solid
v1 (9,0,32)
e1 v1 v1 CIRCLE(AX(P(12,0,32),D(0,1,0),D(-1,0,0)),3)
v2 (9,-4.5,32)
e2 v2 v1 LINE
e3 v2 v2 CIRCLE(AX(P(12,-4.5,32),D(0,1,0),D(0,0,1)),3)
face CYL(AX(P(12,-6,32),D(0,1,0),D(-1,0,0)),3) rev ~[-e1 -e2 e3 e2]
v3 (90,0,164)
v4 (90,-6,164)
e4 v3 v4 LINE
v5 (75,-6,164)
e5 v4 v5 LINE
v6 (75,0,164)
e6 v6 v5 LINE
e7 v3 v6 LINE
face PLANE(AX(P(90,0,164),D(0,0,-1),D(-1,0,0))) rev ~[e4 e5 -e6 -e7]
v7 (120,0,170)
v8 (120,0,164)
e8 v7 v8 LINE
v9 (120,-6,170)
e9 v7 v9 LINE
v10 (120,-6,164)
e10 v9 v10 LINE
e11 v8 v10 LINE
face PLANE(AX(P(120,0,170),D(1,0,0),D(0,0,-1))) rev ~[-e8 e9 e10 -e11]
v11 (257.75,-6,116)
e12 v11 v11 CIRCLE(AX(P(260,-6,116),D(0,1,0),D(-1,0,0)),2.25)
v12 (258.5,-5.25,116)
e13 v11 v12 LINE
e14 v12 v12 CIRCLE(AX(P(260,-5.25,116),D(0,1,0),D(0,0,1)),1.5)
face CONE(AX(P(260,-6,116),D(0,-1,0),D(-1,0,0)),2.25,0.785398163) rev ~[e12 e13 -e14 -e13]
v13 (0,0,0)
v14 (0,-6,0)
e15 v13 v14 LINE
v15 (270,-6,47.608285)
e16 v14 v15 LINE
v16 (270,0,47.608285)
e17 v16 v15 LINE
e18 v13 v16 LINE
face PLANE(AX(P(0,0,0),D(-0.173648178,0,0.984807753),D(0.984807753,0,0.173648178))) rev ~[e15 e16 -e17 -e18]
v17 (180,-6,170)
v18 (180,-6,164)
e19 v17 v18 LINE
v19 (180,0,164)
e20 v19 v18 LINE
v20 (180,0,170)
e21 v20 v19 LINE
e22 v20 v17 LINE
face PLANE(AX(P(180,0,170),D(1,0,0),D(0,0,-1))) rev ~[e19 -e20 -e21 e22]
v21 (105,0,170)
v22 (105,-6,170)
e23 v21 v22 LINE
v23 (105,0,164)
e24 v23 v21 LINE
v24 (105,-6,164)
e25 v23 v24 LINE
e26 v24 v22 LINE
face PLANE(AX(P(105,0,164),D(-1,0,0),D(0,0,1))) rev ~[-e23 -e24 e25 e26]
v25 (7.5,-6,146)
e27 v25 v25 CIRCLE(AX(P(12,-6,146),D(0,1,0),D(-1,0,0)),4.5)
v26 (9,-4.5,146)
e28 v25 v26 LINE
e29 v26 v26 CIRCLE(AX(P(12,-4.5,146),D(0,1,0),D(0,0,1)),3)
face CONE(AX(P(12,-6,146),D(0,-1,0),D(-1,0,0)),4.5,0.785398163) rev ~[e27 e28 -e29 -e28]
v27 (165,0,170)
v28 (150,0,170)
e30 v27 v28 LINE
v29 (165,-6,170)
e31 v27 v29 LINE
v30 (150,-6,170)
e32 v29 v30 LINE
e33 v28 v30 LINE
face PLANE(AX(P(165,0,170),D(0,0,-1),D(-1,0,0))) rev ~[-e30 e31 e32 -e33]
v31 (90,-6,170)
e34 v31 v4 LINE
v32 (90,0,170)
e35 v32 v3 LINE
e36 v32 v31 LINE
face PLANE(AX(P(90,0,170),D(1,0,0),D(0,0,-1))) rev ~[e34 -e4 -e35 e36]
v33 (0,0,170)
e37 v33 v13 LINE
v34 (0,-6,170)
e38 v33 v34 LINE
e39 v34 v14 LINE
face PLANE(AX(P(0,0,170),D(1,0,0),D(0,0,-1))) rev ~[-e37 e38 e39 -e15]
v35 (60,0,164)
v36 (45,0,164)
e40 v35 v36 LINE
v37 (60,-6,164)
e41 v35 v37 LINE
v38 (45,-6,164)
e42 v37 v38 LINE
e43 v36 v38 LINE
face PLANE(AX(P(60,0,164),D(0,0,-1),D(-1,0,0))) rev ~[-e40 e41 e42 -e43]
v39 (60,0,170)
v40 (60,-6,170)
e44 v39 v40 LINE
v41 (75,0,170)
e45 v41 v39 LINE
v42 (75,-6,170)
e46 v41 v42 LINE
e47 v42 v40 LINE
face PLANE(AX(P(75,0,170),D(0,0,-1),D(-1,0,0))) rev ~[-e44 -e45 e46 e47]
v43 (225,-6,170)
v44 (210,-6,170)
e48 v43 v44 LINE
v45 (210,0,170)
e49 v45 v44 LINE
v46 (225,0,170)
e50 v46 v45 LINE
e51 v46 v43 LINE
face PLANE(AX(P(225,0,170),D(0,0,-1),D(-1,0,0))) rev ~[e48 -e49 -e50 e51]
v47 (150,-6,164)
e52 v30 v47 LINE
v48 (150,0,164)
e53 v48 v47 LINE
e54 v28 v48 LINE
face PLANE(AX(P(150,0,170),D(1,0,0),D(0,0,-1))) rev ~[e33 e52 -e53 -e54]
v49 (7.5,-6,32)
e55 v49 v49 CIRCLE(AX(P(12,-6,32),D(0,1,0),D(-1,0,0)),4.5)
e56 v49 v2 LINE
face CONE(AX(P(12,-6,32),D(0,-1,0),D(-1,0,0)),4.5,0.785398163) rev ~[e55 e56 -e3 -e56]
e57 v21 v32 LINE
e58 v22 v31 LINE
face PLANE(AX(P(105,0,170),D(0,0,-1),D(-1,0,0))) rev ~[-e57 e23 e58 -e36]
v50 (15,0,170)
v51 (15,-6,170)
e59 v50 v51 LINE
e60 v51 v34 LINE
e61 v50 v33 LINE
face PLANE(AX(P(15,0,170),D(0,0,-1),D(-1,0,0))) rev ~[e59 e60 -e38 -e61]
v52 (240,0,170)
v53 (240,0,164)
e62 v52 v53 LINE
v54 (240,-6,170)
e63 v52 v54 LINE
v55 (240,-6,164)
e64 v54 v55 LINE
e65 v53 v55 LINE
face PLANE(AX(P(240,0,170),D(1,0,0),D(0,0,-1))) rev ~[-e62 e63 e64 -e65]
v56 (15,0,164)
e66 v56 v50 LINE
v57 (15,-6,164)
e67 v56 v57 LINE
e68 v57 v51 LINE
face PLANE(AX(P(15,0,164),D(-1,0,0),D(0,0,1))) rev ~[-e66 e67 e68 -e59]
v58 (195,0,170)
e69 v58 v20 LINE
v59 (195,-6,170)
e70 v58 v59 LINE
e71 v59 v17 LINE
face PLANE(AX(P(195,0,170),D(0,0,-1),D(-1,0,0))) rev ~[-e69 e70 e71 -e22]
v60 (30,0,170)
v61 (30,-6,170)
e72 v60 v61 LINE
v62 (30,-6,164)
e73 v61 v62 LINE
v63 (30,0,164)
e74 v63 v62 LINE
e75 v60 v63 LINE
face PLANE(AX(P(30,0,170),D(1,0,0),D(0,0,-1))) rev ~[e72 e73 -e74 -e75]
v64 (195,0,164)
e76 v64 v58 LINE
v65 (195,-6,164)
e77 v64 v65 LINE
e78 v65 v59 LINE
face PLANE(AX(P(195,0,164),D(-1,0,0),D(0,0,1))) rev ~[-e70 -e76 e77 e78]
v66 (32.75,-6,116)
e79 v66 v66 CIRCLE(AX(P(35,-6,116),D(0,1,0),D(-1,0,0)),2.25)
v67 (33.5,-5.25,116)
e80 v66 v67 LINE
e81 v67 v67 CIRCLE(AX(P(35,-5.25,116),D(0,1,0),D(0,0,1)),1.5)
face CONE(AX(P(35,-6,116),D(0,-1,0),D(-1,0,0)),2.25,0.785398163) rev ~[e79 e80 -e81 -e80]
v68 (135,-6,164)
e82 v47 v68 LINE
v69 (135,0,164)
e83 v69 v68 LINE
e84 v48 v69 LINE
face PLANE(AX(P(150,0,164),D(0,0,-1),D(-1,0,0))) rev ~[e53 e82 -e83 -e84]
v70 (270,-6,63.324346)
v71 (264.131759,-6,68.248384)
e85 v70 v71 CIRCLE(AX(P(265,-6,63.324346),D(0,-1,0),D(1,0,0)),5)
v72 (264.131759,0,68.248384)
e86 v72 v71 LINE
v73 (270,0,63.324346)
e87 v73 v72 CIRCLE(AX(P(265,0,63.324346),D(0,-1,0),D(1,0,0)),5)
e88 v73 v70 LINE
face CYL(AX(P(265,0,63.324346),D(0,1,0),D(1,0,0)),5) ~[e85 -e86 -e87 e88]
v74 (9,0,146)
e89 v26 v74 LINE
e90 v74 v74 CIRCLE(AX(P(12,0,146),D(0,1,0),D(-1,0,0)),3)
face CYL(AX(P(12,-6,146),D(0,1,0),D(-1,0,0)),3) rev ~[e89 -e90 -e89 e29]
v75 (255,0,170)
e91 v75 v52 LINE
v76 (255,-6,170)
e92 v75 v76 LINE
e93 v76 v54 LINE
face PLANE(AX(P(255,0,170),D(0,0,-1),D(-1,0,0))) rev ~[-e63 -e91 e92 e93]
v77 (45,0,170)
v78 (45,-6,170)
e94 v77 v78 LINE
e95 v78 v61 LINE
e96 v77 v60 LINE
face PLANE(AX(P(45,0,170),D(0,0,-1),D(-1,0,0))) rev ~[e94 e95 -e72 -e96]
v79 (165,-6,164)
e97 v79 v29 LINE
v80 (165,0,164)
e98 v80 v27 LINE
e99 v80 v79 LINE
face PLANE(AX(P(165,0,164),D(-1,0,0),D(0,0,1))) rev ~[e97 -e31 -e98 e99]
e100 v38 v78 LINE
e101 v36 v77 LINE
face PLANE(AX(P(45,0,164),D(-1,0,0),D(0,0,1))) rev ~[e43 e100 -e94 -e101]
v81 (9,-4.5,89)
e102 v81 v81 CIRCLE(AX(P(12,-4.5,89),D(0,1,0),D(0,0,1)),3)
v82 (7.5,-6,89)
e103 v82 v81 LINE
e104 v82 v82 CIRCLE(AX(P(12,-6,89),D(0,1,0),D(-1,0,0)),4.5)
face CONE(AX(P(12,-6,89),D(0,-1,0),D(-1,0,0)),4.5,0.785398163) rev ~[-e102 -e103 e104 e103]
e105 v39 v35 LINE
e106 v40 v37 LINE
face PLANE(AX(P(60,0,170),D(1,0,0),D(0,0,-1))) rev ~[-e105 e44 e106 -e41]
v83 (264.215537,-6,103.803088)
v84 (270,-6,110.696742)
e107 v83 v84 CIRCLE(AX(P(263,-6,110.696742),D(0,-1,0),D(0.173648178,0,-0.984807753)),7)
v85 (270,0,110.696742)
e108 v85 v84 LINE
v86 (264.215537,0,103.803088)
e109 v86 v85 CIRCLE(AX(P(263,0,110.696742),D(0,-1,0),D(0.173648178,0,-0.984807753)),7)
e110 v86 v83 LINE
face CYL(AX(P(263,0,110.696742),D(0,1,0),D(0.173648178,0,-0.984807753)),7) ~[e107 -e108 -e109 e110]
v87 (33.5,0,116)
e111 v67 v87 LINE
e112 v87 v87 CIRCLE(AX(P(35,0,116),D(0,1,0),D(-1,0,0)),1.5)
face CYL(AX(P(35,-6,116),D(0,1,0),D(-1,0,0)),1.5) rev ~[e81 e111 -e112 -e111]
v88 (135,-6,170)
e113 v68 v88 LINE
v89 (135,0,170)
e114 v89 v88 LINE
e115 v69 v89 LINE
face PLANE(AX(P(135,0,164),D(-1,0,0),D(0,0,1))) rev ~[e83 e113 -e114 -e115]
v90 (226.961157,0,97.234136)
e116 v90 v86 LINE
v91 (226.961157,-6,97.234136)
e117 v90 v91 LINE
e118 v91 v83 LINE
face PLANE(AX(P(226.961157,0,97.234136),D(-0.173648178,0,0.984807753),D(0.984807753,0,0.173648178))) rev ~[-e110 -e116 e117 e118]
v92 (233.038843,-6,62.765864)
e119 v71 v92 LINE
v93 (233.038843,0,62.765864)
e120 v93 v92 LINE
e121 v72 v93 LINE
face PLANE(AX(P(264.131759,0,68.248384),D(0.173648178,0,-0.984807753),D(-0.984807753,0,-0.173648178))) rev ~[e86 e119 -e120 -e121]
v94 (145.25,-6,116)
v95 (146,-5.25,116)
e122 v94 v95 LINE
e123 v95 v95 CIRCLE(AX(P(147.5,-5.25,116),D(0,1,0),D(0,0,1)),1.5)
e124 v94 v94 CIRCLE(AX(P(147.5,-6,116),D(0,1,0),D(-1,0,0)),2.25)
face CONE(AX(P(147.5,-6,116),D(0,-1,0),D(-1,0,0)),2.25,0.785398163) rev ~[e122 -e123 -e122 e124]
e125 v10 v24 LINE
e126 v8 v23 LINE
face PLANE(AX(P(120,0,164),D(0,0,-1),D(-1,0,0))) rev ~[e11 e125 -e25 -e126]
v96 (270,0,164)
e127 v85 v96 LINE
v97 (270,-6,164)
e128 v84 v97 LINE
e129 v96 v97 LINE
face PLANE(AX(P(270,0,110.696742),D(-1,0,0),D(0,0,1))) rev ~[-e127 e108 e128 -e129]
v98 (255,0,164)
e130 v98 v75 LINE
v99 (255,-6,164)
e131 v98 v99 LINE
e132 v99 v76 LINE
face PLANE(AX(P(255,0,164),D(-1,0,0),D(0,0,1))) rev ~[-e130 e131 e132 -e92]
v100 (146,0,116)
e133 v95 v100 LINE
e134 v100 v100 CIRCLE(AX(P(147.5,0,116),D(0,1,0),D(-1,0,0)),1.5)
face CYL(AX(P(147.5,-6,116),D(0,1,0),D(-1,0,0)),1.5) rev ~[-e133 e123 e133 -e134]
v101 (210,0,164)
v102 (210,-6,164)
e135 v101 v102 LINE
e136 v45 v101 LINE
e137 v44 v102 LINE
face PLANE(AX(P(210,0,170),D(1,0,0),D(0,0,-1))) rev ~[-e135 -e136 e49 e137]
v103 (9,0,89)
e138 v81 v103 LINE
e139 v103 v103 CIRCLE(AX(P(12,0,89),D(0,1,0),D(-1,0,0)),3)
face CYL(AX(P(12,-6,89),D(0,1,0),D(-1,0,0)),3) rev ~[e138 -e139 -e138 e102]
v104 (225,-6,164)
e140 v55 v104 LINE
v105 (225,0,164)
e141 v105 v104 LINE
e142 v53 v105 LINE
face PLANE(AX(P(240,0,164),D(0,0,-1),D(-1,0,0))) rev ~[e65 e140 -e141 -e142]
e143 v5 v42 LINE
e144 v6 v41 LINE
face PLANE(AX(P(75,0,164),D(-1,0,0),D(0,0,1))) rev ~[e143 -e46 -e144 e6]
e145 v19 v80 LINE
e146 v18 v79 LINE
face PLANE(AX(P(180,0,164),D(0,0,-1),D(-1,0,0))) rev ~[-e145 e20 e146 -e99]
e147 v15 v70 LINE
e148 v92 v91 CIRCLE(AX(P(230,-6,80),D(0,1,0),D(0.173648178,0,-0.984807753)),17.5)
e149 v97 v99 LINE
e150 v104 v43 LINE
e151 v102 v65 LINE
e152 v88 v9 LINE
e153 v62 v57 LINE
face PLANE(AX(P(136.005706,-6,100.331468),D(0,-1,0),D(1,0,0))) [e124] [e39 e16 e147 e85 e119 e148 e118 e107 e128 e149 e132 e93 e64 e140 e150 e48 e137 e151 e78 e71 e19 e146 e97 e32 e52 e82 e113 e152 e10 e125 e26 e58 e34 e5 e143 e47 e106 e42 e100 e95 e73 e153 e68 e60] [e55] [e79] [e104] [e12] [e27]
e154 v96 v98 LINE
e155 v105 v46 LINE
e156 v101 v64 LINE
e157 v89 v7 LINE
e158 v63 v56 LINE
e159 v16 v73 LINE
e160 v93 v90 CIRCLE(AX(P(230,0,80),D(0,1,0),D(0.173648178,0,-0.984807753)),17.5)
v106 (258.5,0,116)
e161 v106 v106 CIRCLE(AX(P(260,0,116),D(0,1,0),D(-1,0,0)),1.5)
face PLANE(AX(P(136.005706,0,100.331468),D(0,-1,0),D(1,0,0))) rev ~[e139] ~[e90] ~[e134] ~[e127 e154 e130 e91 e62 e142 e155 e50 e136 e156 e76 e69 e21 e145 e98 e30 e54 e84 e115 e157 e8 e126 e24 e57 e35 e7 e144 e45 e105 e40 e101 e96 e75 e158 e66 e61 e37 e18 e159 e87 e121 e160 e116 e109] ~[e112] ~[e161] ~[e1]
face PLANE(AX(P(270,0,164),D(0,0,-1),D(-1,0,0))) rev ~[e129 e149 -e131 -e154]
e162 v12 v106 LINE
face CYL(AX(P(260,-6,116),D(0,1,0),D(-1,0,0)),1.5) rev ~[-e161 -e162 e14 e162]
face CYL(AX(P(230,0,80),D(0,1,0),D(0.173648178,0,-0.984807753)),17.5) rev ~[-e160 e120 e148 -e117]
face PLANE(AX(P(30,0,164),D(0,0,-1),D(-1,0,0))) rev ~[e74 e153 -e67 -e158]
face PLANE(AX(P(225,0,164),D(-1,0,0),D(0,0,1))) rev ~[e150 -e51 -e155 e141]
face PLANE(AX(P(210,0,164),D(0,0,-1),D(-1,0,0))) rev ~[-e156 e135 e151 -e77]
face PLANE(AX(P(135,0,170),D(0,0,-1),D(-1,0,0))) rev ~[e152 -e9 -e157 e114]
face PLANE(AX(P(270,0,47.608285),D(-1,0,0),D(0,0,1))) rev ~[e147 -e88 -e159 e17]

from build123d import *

# Parameters (mm, degrees)
F1_DEPTH       = 6
F3_D           = 6
F3_CSINK_D     = 9
F3_CSINK_ANGLE = 90
F5_D           = 3
F5_CSINK_D     = 4.5
F5_CSINK_ANGLE = 90


with BuildPart() as f1:
    # F0 (on Front) → F1 (new body)
    with BuildSketch(Plane.XZ):
        with BuildLine():
            Line((0, 170), (0, 0))
            Line((0, 0), (270, 47.6082847913))
            Line((270, 47.6082847913), (270, 63.3243455574))
            ThreePointArc((270, 63.3243455574), (268.2139380484, 67.154567773), (264.1317591117, 68.2483843224))
            Line((264.1317591117, 68.2483843224), (233.0388431092, 62.7658643223))
            ThreePointArc((233.0388431092, 62.7658643223), (212.7658643223, 76.9611568908), (226.9611568908, 97.2341356777))
            Line((226.9611568908, 97.2341356777), (264.2155372437, 103.8030880835))
            ThreePointArc((264.2155372437, 103.8030880835), (268.3623111018, 106.1972290868), (270, 110.6967423546))
            Line((270, 110.6967423546), (270, 164))
            Line((270, 164), (255, 164))
            Line((255, 164), (255, 170))
            Line((255, 170), (240, 170))
            Line((240, 170), (240, 164))
            Line((240, 164), (225, 164))
            Line((225, 164), (225, 170))
            Line((225, 170), (210, 170))
            Line((210, 170), (210, 164))
            Line((210, 164), (195, 164))
            Line((195, 164), (195, 170))
            Line((195, 170), (180, 170))
            Line((180, 170), (180, 164))
            Line((180, 164), (165, 164))
            Line((165, 164), (165, 170))
            Line((165, 170), (150, 170))
            Line((150, 170), (150, 164))
            Line((150, 164), (135, 164))
            Line((135, 164), (135, 170))
            Line((135, 170), (120, 170))
            Line((120, 170), (120, 164))
            Line((120, 164), (105, 164))
            Line((105, 164), (105, 170))
            Line((105, 170), (90, 170))
            Line((90, 170), (90, 164))
            Line((90, 164), (75, 164))
            Line((75, 164), (75, 170))
            Line((75, 170), (60, 170))
            Line((60, 170), (60, 164))
            Line((60, 164), (45, 164))
            Line((45, 164), (45, 170))
            Line((45, 170), (30, 170))
            Line((30, 170), (30, 164))
            Line((30, 164), (15, 164))
            Line((15, 164), (15, 170))
            Line((15, 170), (0, 170))
        make_face()
    extrude(amount=F1_DEPTH)

    # F3 (through all)
    with Locations(Plane.XZ.offset(6)):
        with Locations((12, 146), (12, 89), (12, 32)):
            CounterSinkHole(F3_D / 2, F3_CSINK_D / 2, counter_sink_angle=F3_CSINK_ANGLE)

    # F5 (through all)
    with Locations(Plane.XZ.offset(6)):
        with Locations((35, 116), (147.5, 116), (260, 116)):
            CounterSinkHole(F5_D / 2, F5_CSINK_D / 2, counter_sink_angle=F5_CSINK_ANGLE)


solid = f1.part
